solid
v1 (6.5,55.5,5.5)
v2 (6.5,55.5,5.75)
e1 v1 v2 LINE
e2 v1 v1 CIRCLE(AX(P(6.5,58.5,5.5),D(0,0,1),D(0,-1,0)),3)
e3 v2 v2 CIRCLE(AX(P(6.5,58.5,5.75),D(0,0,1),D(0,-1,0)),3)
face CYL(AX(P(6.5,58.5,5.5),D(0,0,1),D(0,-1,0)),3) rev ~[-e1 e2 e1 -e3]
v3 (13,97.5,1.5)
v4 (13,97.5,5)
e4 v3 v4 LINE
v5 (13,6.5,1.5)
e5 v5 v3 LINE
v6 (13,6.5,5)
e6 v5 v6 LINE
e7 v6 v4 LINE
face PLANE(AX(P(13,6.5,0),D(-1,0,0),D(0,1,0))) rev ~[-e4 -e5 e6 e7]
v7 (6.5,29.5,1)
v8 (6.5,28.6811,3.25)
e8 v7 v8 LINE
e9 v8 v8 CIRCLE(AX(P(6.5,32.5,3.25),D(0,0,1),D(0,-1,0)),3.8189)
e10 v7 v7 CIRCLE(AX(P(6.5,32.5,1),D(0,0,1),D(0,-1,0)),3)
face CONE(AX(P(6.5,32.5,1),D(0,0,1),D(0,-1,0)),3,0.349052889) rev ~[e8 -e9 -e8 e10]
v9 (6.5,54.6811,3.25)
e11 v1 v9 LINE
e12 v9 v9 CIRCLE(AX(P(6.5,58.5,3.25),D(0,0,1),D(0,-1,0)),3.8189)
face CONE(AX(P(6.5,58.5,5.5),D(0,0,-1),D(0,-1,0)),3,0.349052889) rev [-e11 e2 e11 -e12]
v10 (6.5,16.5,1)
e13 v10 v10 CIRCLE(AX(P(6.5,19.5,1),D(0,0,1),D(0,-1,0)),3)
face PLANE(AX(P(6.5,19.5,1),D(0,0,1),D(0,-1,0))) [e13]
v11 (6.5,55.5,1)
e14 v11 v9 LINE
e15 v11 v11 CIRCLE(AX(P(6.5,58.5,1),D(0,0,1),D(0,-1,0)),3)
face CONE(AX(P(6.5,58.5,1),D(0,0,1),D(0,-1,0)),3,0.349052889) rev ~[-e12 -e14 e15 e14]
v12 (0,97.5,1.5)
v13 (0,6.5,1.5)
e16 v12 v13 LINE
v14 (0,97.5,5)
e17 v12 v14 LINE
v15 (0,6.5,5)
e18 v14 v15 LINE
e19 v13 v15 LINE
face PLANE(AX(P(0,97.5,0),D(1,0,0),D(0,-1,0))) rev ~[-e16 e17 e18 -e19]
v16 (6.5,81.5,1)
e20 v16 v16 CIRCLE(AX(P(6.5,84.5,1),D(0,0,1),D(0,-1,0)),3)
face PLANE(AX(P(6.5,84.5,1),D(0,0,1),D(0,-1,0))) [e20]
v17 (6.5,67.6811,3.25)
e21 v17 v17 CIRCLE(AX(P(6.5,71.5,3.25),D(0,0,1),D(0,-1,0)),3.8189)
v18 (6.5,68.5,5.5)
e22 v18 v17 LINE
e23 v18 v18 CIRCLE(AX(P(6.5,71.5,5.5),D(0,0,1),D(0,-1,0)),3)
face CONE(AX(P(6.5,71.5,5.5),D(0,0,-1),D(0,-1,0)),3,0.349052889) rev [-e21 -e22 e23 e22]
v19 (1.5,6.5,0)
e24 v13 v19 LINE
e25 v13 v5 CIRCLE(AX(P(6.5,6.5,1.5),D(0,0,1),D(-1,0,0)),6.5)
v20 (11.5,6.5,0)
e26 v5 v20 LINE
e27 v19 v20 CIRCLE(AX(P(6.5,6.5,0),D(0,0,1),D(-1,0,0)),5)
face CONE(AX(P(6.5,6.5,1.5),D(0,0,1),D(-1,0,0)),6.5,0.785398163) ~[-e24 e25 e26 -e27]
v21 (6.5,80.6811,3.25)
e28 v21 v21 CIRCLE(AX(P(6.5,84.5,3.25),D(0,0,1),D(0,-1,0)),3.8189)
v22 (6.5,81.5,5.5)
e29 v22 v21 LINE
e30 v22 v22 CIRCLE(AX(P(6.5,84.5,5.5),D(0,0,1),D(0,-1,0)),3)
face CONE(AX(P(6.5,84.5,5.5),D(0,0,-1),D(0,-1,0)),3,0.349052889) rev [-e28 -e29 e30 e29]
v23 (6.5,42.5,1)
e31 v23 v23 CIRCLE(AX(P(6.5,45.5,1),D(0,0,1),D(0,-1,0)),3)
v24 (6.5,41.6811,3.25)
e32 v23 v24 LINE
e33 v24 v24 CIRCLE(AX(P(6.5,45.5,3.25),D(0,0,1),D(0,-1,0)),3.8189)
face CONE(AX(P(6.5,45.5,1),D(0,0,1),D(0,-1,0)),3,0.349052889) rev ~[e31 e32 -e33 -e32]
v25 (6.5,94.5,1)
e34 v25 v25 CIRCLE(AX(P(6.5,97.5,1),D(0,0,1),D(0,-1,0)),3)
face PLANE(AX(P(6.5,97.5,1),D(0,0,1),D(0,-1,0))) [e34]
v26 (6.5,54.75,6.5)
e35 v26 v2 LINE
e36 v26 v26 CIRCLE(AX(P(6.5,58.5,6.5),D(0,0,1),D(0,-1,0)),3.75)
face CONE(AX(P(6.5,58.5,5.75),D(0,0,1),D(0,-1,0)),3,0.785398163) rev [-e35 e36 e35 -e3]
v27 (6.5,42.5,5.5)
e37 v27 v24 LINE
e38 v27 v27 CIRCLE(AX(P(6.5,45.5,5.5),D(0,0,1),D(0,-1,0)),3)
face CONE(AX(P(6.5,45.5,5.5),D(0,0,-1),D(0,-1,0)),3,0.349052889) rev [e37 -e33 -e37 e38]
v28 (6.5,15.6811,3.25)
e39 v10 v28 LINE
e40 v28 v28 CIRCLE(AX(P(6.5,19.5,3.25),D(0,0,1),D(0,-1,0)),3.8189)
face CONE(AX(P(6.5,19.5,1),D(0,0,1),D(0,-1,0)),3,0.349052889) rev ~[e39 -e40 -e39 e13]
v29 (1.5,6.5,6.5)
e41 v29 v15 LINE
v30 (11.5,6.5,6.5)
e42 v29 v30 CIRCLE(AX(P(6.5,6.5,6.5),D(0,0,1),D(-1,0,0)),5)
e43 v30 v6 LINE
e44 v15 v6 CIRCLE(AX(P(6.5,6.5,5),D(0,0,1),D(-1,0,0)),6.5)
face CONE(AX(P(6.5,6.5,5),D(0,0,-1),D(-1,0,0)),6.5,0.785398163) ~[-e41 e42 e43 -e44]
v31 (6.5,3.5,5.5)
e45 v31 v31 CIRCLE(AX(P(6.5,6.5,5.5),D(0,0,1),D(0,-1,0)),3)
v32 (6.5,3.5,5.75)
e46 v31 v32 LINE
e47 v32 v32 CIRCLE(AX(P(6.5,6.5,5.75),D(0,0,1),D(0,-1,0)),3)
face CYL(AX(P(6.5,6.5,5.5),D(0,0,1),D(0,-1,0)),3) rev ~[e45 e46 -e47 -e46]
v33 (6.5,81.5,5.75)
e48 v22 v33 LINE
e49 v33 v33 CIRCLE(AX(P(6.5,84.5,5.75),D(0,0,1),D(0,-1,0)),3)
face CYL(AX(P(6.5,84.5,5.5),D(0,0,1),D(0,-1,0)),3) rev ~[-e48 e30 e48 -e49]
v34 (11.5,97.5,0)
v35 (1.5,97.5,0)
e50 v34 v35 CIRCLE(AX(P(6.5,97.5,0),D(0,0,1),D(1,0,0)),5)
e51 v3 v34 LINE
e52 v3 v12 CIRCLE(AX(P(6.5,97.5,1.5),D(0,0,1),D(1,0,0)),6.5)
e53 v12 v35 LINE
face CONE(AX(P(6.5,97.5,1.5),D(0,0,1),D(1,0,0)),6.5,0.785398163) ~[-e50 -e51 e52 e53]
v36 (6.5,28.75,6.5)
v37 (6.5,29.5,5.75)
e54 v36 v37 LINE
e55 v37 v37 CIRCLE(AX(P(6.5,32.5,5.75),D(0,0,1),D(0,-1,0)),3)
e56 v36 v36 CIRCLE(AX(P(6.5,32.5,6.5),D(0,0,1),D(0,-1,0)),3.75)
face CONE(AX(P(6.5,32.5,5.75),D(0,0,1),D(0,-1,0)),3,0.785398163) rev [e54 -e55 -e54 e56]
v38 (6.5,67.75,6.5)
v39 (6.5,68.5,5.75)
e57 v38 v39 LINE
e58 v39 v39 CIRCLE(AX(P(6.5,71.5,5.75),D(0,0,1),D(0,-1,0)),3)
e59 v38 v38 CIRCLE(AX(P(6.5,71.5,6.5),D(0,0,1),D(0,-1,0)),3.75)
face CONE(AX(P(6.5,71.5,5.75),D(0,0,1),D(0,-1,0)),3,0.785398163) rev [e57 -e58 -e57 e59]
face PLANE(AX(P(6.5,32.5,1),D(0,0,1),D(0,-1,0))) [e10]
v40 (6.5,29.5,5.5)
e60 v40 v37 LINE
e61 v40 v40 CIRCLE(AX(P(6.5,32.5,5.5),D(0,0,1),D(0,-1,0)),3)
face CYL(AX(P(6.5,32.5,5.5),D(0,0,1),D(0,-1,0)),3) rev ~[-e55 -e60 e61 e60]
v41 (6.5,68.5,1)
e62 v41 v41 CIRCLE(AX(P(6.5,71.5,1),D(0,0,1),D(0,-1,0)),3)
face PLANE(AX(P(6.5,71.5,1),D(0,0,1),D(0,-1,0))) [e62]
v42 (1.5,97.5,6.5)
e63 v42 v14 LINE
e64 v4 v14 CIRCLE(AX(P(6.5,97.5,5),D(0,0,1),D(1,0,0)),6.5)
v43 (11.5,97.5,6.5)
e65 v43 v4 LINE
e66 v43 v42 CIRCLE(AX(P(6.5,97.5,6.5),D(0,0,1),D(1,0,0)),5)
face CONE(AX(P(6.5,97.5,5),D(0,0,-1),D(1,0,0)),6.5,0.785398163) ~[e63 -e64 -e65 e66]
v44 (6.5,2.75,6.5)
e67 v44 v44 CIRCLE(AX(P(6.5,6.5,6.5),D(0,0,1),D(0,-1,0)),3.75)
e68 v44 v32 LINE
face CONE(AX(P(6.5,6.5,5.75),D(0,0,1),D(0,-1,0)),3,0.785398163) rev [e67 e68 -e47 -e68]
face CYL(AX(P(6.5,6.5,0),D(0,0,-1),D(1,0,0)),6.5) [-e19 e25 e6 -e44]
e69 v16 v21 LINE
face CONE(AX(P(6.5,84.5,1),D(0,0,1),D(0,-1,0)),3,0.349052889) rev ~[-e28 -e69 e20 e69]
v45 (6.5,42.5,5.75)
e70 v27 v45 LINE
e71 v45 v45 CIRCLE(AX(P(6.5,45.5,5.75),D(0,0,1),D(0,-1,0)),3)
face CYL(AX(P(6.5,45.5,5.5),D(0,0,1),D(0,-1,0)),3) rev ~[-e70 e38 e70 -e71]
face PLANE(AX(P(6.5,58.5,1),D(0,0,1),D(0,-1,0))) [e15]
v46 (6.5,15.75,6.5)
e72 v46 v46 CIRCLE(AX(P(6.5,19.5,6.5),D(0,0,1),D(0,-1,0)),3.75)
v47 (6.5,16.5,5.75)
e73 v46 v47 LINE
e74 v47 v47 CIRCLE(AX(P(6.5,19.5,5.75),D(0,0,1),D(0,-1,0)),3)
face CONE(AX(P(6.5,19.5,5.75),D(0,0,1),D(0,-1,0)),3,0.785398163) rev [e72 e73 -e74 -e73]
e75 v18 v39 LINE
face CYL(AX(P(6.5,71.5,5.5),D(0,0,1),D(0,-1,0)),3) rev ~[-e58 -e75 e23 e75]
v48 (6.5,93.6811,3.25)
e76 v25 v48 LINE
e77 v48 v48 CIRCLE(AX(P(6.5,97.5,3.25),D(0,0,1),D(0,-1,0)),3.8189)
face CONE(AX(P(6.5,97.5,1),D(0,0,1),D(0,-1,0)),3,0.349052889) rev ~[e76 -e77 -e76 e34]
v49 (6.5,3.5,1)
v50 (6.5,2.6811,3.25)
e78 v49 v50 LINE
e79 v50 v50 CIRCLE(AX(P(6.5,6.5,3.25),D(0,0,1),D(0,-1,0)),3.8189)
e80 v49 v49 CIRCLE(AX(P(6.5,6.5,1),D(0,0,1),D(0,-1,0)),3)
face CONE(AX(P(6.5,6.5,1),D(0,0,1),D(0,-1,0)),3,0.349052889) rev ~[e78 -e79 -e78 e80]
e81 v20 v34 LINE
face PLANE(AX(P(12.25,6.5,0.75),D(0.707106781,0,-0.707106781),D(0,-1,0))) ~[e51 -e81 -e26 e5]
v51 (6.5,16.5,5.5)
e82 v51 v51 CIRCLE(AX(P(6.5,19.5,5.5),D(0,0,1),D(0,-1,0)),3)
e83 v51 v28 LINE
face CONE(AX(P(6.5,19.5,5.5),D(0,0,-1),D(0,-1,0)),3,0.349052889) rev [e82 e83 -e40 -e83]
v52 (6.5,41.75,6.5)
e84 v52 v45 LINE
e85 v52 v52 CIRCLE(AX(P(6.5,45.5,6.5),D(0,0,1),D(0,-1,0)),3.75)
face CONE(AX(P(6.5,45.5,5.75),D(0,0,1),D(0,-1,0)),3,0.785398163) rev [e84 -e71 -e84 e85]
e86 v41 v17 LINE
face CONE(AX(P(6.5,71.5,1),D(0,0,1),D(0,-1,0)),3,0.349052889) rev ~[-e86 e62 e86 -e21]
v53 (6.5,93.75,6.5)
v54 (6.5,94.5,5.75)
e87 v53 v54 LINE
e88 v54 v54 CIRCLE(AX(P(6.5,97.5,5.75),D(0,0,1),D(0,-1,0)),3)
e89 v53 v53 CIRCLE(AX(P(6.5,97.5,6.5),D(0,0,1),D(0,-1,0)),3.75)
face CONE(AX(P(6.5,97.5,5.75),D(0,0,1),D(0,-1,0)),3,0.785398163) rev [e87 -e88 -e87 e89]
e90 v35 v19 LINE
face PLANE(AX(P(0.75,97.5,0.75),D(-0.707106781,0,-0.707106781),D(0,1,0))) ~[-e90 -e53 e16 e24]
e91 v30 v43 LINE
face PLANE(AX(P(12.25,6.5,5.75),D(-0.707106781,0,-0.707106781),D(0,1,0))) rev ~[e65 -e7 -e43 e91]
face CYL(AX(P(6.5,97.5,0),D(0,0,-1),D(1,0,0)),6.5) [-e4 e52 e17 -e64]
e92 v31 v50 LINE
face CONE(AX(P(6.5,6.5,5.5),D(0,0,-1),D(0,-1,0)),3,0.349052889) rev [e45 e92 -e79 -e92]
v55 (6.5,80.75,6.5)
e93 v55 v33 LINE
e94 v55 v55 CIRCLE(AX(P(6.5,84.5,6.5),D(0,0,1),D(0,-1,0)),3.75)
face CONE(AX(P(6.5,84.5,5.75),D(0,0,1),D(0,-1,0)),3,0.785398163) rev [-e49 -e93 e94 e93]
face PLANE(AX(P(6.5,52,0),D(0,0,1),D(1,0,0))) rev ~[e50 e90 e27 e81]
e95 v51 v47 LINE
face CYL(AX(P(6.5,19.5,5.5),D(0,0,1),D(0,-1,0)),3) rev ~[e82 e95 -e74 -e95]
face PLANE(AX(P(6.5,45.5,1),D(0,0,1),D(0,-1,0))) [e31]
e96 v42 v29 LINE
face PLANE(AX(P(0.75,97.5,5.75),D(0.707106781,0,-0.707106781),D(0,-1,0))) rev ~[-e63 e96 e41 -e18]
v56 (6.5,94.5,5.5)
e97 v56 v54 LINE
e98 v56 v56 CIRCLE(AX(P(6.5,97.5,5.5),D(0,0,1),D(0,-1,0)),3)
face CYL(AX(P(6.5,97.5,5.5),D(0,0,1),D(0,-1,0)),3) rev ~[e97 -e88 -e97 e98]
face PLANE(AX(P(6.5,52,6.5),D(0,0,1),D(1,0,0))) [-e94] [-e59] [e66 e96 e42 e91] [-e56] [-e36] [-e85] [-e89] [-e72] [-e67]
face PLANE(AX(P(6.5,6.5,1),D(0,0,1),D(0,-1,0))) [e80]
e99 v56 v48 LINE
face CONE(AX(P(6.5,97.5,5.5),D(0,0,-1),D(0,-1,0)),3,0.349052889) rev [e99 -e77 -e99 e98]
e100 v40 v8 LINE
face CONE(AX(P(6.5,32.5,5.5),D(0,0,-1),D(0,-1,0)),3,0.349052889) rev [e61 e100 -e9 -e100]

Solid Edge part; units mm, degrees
sketch "Sketch1" plane through (0, 0, 0) normal (0, 0, 1) x (1, 0, 0)
  line L0 (0, 97.5) -> (0, 6.5)
  line L1 (13, 6.5) -> (13, 97.5)
  arc A0 (13, 6.5) -> (0, 6.5) centre (6.5, 6.5) cw
  arc A1 (0, 97.5) -> (13, 97.5) centre (6.5, 97.5) cw
extrude "Protrusion1" add sketch "Sketch1" along normal blind 6.5
sketch "Sketch2" plane through (6.5, 0, 0) normal (1, 0, 0) x (0, 1, 0)
  line L0 (3.5, 5.5) -> (3.5, 6.5)
  line L1 (3.5, 6.5) -> (6.5, 6.5)
  line L2 (6.5, 1) -> (6.5, 6.5)
  line L3 (3.5, 1) -> (6.5, 1)
  line L4 (3.5, 1) -> (2.6811, 3.25)
  line L5 (3.5, 5.5) -> (2.6811, 3.25)
revolve "RevolvedCutout1" cut sketch "Sketch2" angle 360 about axis through (6.5, 6.5, 1) along (0, 0, 1)
chamfer "Chaflán_38" distance 0.75 angle 45 1 edges at (6.5, 3.5, 6.5)
pattern_linear "Pattern1" count 8 spacing 13 along (0, 1, 0) of "RevolvedCutout1", "Chaflán_38"
chamfer "Chaflán_39" distance 1.5 angle 45 8 edges at (13, 52, 6.5) (6.5, 0, 6.5) (0, 52, 6.5) (6.5, 104, 6.5) (13, 52, 0) (6.5, 0, 0) (0, 52, 0) (6.5, 104, 0)
